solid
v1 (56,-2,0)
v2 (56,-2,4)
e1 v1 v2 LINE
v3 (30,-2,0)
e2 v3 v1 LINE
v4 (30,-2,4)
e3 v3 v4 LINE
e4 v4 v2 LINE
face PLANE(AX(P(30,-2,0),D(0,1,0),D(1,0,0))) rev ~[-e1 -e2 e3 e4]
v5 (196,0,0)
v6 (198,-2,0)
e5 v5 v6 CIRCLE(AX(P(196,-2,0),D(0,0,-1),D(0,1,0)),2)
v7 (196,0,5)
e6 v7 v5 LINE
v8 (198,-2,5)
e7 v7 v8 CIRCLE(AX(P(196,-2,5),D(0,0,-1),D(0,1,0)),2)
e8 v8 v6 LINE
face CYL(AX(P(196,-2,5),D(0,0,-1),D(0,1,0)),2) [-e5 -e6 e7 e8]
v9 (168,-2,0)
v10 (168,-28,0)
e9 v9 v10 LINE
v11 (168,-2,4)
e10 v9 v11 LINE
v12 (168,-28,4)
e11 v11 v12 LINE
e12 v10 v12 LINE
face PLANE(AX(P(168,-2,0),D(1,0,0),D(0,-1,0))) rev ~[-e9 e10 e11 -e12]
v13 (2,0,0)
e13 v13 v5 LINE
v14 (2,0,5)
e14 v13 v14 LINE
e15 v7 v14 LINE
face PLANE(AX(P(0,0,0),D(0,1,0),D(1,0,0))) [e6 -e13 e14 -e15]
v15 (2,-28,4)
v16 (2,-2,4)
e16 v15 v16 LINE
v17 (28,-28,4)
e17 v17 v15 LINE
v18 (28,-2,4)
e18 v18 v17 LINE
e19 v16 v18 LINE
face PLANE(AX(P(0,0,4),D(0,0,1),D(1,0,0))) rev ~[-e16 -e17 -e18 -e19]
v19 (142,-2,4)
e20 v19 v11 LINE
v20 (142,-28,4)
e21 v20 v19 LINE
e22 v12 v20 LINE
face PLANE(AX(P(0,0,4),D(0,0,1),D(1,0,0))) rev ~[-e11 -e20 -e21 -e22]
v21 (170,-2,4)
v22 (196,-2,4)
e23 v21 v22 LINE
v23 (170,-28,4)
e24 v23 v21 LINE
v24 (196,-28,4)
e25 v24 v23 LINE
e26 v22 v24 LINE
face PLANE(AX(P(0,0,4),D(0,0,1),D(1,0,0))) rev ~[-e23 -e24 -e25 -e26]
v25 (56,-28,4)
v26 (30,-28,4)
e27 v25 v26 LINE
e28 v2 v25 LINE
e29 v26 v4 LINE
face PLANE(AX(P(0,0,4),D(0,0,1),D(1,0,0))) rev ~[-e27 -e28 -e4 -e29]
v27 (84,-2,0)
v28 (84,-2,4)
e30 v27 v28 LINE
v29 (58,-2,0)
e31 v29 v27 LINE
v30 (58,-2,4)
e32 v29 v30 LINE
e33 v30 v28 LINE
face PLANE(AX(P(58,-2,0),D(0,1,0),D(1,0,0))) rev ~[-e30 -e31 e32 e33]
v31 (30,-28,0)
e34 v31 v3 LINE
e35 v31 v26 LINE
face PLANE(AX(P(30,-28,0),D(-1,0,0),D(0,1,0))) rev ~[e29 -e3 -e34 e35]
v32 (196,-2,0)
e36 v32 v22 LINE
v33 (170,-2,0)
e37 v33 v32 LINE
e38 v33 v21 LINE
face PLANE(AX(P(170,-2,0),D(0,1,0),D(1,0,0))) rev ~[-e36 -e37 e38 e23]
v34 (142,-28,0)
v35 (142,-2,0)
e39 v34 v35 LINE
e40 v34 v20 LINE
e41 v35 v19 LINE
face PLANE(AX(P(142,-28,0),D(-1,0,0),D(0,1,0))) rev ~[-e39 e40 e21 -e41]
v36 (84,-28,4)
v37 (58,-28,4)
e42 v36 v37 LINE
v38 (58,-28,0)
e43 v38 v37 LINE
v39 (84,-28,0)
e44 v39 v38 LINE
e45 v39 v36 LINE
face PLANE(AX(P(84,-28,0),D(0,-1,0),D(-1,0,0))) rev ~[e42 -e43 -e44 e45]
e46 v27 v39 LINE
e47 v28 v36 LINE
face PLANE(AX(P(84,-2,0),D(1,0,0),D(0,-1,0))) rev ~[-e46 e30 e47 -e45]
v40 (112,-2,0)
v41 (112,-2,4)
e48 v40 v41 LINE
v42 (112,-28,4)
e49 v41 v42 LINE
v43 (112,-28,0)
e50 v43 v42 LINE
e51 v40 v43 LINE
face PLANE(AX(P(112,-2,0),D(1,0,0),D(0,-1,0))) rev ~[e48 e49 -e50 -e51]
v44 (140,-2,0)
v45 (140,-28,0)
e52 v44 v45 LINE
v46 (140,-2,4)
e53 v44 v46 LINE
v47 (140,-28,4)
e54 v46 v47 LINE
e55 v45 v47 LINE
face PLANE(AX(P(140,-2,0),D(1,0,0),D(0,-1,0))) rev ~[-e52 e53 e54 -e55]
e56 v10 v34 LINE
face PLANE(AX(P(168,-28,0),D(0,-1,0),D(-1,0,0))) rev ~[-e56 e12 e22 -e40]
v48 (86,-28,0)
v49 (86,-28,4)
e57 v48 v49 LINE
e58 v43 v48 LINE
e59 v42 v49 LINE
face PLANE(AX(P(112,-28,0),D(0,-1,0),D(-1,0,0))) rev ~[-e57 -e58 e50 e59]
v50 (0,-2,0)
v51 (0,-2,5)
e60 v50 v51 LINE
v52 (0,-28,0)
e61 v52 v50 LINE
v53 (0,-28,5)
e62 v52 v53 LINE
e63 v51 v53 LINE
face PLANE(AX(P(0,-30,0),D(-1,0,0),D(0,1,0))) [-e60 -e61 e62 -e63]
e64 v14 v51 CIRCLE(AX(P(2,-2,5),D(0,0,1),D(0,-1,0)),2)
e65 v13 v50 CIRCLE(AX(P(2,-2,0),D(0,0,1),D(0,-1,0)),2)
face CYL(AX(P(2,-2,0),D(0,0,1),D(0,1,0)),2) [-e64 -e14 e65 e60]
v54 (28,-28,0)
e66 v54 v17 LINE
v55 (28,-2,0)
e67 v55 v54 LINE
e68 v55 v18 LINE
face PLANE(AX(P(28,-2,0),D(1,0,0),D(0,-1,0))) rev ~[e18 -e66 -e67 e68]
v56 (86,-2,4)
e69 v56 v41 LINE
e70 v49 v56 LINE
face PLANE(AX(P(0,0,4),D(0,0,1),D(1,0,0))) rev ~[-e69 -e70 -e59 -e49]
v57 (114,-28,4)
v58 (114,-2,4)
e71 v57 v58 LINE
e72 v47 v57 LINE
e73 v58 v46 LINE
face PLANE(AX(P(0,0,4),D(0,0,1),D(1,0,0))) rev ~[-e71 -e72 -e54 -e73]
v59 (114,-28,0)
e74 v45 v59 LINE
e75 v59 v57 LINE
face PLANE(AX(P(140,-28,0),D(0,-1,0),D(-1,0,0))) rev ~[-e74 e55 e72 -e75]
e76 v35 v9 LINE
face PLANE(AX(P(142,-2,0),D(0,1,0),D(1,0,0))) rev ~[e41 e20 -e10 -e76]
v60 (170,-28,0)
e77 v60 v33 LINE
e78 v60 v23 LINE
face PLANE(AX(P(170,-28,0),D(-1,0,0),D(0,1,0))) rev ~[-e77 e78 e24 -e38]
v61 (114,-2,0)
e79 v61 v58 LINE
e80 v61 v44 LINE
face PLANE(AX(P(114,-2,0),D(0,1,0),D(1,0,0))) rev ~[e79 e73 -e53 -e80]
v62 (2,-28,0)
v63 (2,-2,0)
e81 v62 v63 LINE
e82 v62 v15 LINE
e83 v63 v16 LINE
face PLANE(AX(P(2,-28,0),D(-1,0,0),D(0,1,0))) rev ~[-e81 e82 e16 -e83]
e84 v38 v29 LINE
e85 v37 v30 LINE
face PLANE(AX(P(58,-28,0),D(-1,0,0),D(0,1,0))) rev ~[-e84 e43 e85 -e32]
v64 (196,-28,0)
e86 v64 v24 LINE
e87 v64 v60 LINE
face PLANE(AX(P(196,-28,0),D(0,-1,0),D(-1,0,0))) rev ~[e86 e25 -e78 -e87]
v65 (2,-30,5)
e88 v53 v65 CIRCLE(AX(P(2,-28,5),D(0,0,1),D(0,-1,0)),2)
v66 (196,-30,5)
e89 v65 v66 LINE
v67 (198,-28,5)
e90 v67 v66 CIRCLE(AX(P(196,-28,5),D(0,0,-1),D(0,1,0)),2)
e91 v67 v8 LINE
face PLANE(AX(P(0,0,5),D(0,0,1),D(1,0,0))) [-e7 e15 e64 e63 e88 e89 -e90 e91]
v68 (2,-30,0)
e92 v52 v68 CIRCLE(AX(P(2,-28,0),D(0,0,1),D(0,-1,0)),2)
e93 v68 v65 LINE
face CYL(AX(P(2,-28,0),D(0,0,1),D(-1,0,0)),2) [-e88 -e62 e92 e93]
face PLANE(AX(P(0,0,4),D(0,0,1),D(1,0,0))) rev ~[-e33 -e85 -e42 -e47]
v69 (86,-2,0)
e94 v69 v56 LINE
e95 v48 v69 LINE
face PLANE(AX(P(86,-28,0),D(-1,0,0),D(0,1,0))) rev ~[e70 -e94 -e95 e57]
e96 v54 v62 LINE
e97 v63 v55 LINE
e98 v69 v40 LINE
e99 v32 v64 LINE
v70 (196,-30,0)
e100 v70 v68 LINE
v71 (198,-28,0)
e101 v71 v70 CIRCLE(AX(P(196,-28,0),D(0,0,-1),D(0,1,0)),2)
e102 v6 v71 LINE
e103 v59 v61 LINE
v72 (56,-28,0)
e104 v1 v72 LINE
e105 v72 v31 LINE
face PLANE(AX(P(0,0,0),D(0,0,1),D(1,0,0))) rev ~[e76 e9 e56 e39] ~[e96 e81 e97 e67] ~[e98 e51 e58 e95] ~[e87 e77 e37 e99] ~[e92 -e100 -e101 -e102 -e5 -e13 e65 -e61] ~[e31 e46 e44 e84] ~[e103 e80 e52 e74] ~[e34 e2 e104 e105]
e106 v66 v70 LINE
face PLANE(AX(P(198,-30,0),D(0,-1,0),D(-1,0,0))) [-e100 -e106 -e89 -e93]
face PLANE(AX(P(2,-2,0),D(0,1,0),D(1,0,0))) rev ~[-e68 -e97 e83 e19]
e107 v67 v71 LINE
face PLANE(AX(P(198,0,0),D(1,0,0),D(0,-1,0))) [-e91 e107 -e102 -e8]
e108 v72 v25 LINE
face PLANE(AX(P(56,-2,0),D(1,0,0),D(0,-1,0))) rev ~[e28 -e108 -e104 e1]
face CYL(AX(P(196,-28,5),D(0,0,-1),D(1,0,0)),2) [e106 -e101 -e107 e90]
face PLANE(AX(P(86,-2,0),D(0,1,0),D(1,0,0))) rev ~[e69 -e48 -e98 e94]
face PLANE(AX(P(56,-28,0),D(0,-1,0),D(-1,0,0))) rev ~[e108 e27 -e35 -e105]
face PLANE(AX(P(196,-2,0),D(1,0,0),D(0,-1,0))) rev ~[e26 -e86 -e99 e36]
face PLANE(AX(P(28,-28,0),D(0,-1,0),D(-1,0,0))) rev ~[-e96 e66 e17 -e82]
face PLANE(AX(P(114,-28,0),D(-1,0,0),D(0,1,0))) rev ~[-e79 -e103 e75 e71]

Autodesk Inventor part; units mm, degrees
ref_plane "YZ Plane" through (0, 0, 0) normal (1, 0, 0) x (0, 1, 0)
ref_plane "XZ Plane" through (0, 0, 0) normal (0, 1, 0) x (-1, 0, 0)
ref_plane "XY Plane" through (0, 0, 0) normal (0, 0, 1) x (1, 0, 0)
sketch "스케치1" plane through (0, 0, 0) normal (0, 0, 1) x (1, 0, 0)
  point P0 (0, 0)
sketch "스케치2" plane through (0, 0, 0) normal (0, 0, 1) x (1, 0, 0)
  line L0 (0, 0) -> (198, 0)
  line L1 (198, 0) -> (198, -30)
  line L2 (198, -30) -> (0, -30)
  line L3 (0, -30) -> (0, 0)
  line L4 (2, -2) -> (28, -2)
  line L5 (28, -2) -> (28, -28)
  line L6 (28, -28) -> (2, -28)
  line L7 (2, -28) -> (2, -2)
  line L8 (56, -2) -> (56, -28)
  line L9 (30, -2) -> (56, -2)
  line L10 (30, -28) -> (30, -2)
  line L11 (56, -28) -> (30, -28)
  line L12 (84, -2) -> (84, -28)
  line L13 (58, -2) -> (84, -2)
  line L14 (58, -28) -> (58, -2)
  line L15 (84, -28) -> (58, -28)
  line L16 (112, -2) -> (112, -28)
  line L17 (86, -2) -> (112, -2)
  line L18 (86, -28) -> (86, -2)
  line L19 (112, -28) -> (86, -28)
  line L20 (140, -2) -> (140, -28)
  line L21 (114, -2) -> (140, -2)
  line L22 (114, -28) -> (114, -2)
  line L23 (140, -28) -> (114, -28)
  line L24 (168, -2) -> (168, -28)
  line L25 (142, -2) -> (168, -2)
  line L26 (142, -28) -> (142, -2)
  line L27 (168, -28) -> (142, -28)
  line L28 (196, -2) -> (196, -28)
  line L29 (170, -2) -> (196, -2)
  line L30 (170, -28) -> (170, -2)
  line L31 (196, -28) -> (170, -28)
  dimension "d0" = 198
  dimension "d1" = 30
  dimension "d2" = 2
  dimension "d3" = 2
  dimension "d4" = 26
  dimension "d5" = 26
  dimension "d8" = 28
extrude "돌출1" add sketch "스케치2" along normal blind 4
sketch "스케치3" plane through (0, 0, 4) normal (0, 0, 1) x (1, 0, 0)
  line L0 (0, -30) -> (198, -30) projected
  line L1 (198, -30) -> (198, 0) projected
  line L2 (198, 0) -> (0, 0) projected
  line L3 (0, 0) -> (0, -30) projected
  line L4 (196, -2) -> (196, -28) projected
  line L5 (196, -28) -> (170, -28) projected
  line L6 (170, -28) -> (170, -2) projected
  line L7 (170, -2) -> (196, -2) projected
  line L8 (168, -2) -> (168, -28) projected
  line L9 (168, -28) -> (142, -28) projected
  line L10 (142, -28) -> (142, -2) projected
  line L11 (142, -2) -> (168, -2) projected
  line L12 (140, -2) -> (140, -28) projected
  line L13 (140, -28) -> (114, -28) projected
  line L14 (114, -28) -> (114, -2) projected
  line L15 (114, -2) -> (140, -2) projected
  line L16 (112, -2) -> (112, -28) projected
  line L17 (112, -28) -> (86, -28) projected
  line L18 (86, -28) -> (86, -2) projected
  line L19 (86, -2) -> (112, -2) projected
  line L20 (84, -2) -> (84, -28) projected
  line L21 (84, -28) -> (58, -28) projected
  line L22 (58, -28) -> (58, -2) projected
  line L23 (58, -2) -> (84, -2) projected
  line L24 (56, -2) -> (56, -28) projected
  line L25 (56, -28) -> (30, -28) projected
  line L26 (30, -28) -> (30, -2) projected
  line L27 (30, -2) -> (56, -2) projected
  line L28 (2, -2) -> (28, -2) projected
  line L29 (28, -2) -> (28, -28) projected
  line L30 (28, -28) -> (2, -28) projected
  line L31 (2, -28) -> (2, -2) projected
extrude "돌출2" add sketch "스케치3" along normal blind 1 contours L3 L2 L1 L0 | L4 L5 L6 L7 | L8 L9 L10 L11 | L12 L13 L14 L15 | L16 L17 L18 L19 | L20 L21 L22 L23 | L24 L25 L26 L27 | L28 L29 L30 L31
fillet "모깎기1" radius 2 4 edges at (198, 0, 2.5) (198, -30, 2.5) (0, -30, 2.5) (0, 0, 2.5)
properties part number "h_pocket"
